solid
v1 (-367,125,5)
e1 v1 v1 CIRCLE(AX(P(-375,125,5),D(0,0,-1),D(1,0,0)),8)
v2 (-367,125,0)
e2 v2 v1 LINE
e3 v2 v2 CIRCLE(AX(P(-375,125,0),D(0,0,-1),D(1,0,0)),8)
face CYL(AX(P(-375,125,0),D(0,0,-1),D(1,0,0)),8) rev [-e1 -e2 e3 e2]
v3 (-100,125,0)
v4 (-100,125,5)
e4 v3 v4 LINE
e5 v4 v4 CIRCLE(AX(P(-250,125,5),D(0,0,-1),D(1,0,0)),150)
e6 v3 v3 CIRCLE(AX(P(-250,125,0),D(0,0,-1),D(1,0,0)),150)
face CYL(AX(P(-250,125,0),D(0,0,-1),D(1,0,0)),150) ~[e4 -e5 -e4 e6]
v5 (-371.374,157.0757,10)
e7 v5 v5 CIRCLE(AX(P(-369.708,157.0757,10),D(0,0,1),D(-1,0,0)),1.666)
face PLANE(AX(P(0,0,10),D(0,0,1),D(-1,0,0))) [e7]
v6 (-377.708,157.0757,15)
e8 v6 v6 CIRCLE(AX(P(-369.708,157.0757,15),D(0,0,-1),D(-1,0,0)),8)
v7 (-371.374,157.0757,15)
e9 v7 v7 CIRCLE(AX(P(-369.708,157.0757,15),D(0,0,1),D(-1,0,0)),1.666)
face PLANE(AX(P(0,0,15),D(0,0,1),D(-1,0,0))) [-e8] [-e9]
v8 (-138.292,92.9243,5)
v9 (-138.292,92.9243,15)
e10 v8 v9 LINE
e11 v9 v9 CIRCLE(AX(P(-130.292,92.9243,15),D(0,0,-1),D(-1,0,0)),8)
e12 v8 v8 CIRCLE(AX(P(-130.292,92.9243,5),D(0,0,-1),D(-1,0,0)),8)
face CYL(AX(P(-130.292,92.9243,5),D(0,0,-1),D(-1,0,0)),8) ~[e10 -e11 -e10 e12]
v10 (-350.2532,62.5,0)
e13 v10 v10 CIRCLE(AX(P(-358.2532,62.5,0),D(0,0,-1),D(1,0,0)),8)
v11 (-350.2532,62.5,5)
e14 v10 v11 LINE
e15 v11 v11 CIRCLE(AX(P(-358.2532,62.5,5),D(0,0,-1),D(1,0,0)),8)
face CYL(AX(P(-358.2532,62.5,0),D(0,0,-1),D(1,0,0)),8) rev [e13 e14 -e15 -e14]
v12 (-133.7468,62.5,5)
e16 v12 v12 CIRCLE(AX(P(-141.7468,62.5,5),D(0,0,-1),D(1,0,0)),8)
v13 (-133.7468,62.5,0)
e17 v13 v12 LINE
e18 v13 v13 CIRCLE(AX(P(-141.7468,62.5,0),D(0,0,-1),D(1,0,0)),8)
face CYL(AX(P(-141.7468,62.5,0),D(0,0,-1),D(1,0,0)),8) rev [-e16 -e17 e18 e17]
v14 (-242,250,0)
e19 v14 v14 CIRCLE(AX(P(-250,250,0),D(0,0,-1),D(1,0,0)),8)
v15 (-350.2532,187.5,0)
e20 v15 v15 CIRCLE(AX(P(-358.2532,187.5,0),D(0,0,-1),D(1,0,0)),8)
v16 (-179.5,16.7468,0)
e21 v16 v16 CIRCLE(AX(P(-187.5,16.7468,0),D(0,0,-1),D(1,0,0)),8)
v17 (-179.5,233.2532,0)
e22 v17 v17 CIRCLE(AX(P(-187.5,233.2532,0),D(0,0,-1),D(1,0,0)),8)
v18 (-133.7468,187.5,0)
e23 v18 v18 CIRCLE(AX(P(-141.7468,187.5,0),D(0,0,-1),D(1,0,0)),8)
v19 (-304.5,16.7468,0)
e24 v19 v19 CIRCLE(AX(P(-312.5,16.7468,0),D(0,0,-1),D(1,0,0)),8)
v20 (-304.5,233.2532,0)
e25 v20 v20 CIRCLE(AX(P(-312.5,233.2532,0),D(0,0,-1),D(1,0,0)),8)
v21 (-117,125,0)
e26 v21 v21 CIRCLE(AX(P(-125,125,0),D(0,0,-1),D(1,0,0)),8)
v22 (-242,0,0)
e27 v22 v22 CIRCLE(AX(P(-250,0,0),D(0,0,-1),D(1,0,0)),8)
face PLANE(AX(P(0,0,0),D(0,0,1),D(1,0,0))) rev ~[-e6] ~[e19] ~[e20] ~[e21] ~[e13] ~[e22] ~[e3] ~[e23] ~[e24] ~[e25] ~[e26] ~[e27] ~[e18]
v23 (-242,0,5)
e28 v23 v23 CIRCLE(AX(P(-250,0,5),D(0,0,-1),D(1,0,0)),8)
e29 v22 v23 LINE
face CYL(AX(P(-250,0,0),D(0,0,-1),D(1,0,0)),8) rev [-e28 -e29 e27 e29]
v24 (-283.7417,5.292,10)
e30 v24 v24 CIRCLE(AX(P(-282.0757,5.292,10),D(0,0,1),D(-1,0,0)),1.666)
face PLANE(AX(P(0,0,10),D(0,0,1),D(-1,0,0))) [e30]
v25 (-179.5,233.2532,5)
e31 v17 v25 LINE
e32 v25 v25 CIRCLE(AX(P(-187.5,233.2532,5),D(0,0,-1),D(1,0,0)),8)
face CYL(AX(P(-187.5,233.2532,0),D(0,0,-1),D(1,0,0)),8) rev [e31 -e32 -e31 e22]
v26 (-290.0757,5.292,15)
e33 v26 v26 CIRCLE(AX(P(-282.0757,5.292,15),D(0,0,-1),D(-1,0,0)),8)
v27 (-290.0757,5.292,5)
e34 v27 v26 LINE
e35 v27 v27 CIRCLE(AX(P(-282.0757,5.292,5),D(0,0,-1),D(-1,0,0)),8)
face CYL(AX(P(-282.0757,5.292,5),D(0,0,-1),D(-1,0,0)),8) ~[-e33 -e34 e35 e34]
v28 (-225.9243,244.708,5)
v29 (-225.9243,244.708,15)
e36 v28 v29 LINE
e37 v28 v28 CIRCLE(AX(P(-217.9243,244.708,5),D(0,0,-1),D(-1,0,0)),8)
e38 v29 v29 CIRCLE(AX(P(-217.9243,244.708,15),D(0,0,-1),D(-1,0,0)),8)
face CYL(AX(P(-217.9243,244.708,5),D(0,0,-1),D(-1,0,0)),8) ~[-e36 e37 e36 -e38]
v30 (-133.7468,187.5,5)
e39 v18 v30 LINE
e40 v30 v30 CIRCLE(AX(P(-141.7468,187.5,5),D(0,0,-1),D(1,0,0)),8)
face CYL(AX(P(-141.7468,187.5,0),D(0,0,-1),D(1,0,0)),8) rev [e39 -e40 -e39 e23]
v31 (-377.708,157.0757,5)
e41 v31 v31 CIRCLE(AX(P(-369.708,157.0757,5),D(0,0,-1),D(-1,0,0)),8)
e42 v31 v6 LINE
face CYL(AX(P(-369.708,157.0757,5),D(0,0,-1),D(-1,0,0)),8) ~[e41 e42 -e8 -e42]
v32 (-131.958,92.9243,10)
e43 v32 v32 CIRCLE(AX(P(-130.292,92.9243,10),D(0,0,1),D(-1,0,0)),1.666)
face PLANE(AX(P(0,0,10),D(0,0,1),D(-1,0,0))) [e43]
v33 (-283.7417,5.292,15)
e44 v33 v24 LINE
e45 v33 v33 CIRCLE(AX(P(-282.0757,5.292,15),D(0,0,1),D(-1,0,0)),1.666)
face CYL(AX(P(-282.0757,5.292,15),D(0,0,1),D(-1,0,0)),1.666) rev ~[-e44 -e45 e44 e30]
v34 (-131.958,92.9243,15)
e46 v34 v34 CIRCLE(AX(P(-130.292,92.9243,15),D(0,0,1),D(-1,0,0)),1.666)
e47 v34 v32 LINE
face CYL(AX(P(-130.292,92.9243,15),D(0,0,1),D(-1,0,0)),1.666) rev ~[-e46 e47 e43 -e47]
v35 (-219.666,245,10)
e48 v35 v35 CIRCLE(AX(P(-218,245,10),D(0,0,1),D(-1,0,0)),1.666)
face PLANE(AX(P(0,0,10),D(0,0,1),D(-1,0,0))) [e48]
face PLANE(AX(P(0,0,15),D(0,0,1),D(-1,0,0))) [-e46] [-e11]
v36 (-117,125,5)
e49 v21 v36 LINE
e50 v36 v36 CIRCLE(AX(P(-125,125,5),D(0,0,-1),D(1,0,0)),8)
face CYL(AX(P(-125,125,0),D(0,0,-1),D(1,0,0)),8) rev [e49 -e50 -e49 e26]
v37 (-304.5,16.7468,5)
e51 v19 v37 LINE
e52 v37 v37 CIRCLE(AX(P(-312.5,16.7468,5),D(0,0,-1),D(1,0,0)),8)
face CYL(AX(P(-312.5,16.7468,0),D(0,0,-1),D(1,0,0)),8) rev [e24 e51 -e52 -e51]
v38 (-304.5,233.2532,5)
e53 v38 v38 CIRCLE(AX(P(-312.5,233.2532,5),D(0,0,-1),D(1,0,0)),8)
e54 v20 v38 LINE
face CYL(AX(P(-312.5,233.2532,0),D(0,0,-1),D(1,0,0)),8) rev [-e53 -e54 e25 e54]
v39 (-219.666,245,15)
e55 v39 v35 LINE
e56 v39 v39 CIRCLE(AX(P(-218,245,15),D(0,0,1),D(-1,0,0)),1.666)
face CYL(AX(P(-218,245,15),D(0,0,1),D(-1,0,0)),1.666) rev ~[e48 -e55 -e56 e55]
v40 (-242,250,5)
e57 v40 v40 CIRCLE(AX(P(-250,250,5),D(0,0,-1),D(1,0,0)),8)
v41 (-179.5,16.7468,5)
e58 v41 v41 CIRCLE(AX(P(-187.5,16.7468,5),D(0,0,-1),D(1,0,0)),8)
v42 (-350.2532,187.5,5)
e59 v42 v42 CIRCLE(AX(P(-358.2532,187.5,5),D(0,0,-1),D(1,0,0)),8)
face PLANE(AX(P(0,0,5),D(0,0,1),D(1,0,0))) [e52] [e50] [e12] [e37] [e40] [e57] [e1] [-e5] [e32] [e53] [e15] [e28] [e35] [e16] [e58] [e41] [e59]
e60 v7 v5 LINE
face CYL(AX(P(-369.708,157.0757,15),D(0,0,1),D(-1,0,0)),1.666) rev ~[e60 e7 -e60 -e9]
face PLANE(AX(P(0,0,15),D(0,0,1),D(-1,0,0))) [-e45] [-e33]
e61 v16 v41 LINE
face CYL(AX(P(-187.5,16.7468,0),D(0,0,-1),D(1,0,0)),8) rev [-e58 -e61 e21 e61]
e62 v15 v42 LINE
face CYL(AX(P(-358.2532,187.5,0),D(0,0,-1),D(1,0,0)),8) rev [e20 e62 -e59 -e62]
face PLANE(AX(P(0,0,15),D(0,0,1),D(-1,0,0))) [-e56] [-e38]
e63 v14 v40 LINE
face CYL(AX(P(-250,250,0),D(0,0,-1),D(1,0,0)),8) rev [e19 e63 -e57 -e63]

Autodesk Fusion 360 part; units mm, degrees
sketch "Sketch5" plane through (0, 0, 0) normal (0, 0, 1) x (1, 0, 0)
  circle A0 centre (-250, 125) radius 150
  line L0 (-250, 125) -> (-250, 250)
  circle A1 centre (-250, 250) radius 8
  circle A2 centre (-312.5, 233.2532) radius 8
  circle A3 centre (-358.2532, 187.5) radius 8
  circle A4 centre (-375, 125) radius 8
  circle A5 centre (-358.2532, 62.5) radius 8
  circle A6 centre (-312.5, 16.7468) radius 8
  circle A7 centre (-250, 0) radius 8
  circle A8 centre (-187.5, 16.7468) radius 8
  circle A9 centre (-141.7468, 62.5) radius 8
  circle A10 centre (-125, 125) radius 8
  circle A11 centre (-141.7468, 187.5) radius 8
  circle A12 centre (-187.5, 233.2532) radius 8
  dimension "d20" = 300
  dimension "d21" = 16
  dimension "d23" = 360
extrude "Extrude4" add sketch "Sketch5" along normal blind 5 makes body 1
sketch "Sketch6" plane through (0, 0, 5) normal (0, 0, 1) x (-1, 0, 0)
  circle A0 centre (125, -125) radius 8
  circle A1 centre (187.5, -233.2532) radius 8
  circle A2 centre (250, -125) radius 150
  circle A3 centre (250, -250) radius 8
  circle A4 centre (375, -125) radius 8
  circle A5 centre (312.5, -233.2532) radius 8
  circle A6 centre (250, 0) radius 8
  circle A7 centre (141.7468, -62.5) radius 8
  circle A8 centre (358.2532, -187.5) radius 8
  circle A9 centre (141.7468, -187.5) radius 8
  circle A10 centre (312.5, -16.7468) radius 8
  circle A11 centre (358.2532, -62.5) radius 8
  circle A12 centre (187.5, -16.7468) radius 8
  arc A13 (187.5, -233.2532) -> (250, -250) centre (260.797, -84.705) ccw
  circle A14 centre (217.9243, -244.708) radius 8
  circle A15 centre (369.708, -157.0757) radius 8
  circle A16 centre (282.0757, -5.292) radius 8
  circle A17 centre (130.292, -92.9243) radius 8
  dimension "d26" = 16
  dimension "d28" = 360
extrude "Extrude5" add sketch "Sketch6" along normal blind 10 contours A13 A14 | A13 A14 | A15 | A16 | A17 bodies 1
sketch "Sketch7" plane through (0, 0, 15) normal (0, 0, 1) x (-1, 0, 0)
  circle A0 centre (282.0757, -5.292) radius 8
  circle A1 centre (282.0757, -5.292) radius 2
  dimension "d31" = 4
sketch "Sketch8" plane through (0, 0, 0) normal (0, 0, 1) x (1, 0, 0)
sketch "Sketch9" plane through (0, 0, 15) normal (0, 0, 1) x (-1, 0, 0)
  circle A0 centre (130.292, -92.9243) radius 8
  circle A1 centre (130.292, -92.9243) radius 2
  dimension "d32" = 4
sketch "Sketch10" plane through (0, 0, 15) normal (0, 0, 1) x (-1, 0, 0)
  circle A0 centre (217.9243, -244.708) radius 8
  circle A1 centre (218, -245) radius 2
  dimension "d33" = 4
sketch "Sketch11" plane through (0, 0, 15) normal (0, 0, 1) x (-1, 0, 0)
  circle A0 centre (369.708, -157.0757) radius 8
  circle A1 centre (369.708, -157.0757) radius 2
  dimension "d34" = 4
extrude "Extrude6" cut sketch "Sketch11" sketch "Sketch10" sketch "Sketch9" sketch "Sketch7" against normal blind 5 contours A1 of sketch 2 contours A1 of sketch 3 contours A1 of sketch 4 contours A1 bodies 1
thread "Thread2" "ISO Metric profile 4.0 M4x0.7 M4x0.7 6H" major diameter 4.1095 minor diameter 3.332 pitch 0.7 angle 60 resizes the face on face at (-282.9881, 3.5123, 11.6667) on face at (-131.6154, 91.4248, 11.6667) on face at (-219.9382, 244.5065, 11.6667) on face at (-371.4644, 158.0322, 11.6667) on bodies 1
copy_body "Body->Comp1" bodies 1 removing the originals makes body 2 in component "Component"
sketch "Sketch1" plane through (0, 0, 0) normal (0, 0, 1) x (1, 0, 0)
sketch "Sketch2" plane through (0, 0, 0) normal (1, 0, 0) x (0, 1, 0)
  circle A0 centre (-250, 250) radius 150
  line L0 (-250, 250) -> (-250, 375)
  circle A1 centre (-250, 375) radius 8
  circle A2 centre (-312.5, 358.2532) radius 8
  circle A3 centre (-358.2532, 312.5) radius 8
  circle A4 centre (-375, 250) radius 8
  circle A5 centre (-358.2532, 187.5) radius 8
  circle A6 centre (-312.5, 141.7468) radius 8
  circle A7 centre (-250, 125) radius 8
  circle A8 centre (-187.5, 141.7468) radius 8
  circle A9 centre (-141.7468, 187.5) radius 8
  circle A10 centre (-125, 250) radius 8
  circle A11 centre (-141.7468, 312.5) radius 8
  circle A12 centre (-187.5, 358.2532) radius 8
  line L1 (-250, 375) -> (-187.5, 358.2532)
  line L2 (-250, 375) -> (-218.75, 366.6266)
  circle A13 centre (-220.2756, 367.0354) radius 8
  dimension "d1" = 300
  dimension "d2" = 16
  dimension "d4" = 360
  dimension "d5" = 16
extrude "Extrude1" [suppressed]
sketch "Sketch3" plane through (5, 0, 0) normal (1, 0, 0) x (0, 1, 0)
  circle A0 centre (-141.7468, 187.5) radius 8
  circle A1 centre (-250, 125) radius 8
  circle A2 centre (-250, 250) radius 150
  circle A3 centre (-187.5, 358.2532) radius 8
  circle A4 centre (-250, 375) radius 8
  circle A5 centre (-358.2532, 312.5) radius 8
  circle A6 centre (-312.5, 358.2532) radius 8
  circle A7 centre (-375, 250) radius 8
  circle A8 centre (-358.2532, 187.5) radius 8
  circle A9 centre (-187.5, 141.7468) radius 8
  circle A10 centre (-312.5, 141.7468) radius 8
  circle A11 centre (-141.7468, 312.5) radius 8
  circle A12 centre (-125, 250) radius 8
  line L0 (-250, 375) -> (-187.5, 358.2532)
  circle A13 centre (-218.75, 366.6266) radius 8
  circle A14 centre (-366.6266, 281.25) radius 8
  circle A15 centre (-281.25, 133.3734) radius 8
  circle A16 centre (-133.3734, 218.75) radius 8
  dimension "d8" = 16
  dimension "d10" = 360
extrude "Extrude2" [suppressed]
sketch "Sketch4" plane through (15, 0, 0) normal (1, 0, 0) x (0, 1, 0)
  circle A0 centre (-281.25, 133.3734) radius 8
  circle A1 centre (-281.25, 133.3734) radius 2
  circle A2 centre (-367, 281) radius 2
  circle A3 centre (-218.6865, 366.4726) radius 2
  circle A4 centre (-133.5814, 218.3266) radius 2
  dimension "d13" = 4
  dimension "d14" = 4
  dimension "d15" = 4
extrude "Extrude3" [suppressed]
thread "Thread1" [suppressed]
component "Component" placed x (1, 0, 0) y (0, 1, 0) z (0, 0, 1) at (0, 0, 0)
